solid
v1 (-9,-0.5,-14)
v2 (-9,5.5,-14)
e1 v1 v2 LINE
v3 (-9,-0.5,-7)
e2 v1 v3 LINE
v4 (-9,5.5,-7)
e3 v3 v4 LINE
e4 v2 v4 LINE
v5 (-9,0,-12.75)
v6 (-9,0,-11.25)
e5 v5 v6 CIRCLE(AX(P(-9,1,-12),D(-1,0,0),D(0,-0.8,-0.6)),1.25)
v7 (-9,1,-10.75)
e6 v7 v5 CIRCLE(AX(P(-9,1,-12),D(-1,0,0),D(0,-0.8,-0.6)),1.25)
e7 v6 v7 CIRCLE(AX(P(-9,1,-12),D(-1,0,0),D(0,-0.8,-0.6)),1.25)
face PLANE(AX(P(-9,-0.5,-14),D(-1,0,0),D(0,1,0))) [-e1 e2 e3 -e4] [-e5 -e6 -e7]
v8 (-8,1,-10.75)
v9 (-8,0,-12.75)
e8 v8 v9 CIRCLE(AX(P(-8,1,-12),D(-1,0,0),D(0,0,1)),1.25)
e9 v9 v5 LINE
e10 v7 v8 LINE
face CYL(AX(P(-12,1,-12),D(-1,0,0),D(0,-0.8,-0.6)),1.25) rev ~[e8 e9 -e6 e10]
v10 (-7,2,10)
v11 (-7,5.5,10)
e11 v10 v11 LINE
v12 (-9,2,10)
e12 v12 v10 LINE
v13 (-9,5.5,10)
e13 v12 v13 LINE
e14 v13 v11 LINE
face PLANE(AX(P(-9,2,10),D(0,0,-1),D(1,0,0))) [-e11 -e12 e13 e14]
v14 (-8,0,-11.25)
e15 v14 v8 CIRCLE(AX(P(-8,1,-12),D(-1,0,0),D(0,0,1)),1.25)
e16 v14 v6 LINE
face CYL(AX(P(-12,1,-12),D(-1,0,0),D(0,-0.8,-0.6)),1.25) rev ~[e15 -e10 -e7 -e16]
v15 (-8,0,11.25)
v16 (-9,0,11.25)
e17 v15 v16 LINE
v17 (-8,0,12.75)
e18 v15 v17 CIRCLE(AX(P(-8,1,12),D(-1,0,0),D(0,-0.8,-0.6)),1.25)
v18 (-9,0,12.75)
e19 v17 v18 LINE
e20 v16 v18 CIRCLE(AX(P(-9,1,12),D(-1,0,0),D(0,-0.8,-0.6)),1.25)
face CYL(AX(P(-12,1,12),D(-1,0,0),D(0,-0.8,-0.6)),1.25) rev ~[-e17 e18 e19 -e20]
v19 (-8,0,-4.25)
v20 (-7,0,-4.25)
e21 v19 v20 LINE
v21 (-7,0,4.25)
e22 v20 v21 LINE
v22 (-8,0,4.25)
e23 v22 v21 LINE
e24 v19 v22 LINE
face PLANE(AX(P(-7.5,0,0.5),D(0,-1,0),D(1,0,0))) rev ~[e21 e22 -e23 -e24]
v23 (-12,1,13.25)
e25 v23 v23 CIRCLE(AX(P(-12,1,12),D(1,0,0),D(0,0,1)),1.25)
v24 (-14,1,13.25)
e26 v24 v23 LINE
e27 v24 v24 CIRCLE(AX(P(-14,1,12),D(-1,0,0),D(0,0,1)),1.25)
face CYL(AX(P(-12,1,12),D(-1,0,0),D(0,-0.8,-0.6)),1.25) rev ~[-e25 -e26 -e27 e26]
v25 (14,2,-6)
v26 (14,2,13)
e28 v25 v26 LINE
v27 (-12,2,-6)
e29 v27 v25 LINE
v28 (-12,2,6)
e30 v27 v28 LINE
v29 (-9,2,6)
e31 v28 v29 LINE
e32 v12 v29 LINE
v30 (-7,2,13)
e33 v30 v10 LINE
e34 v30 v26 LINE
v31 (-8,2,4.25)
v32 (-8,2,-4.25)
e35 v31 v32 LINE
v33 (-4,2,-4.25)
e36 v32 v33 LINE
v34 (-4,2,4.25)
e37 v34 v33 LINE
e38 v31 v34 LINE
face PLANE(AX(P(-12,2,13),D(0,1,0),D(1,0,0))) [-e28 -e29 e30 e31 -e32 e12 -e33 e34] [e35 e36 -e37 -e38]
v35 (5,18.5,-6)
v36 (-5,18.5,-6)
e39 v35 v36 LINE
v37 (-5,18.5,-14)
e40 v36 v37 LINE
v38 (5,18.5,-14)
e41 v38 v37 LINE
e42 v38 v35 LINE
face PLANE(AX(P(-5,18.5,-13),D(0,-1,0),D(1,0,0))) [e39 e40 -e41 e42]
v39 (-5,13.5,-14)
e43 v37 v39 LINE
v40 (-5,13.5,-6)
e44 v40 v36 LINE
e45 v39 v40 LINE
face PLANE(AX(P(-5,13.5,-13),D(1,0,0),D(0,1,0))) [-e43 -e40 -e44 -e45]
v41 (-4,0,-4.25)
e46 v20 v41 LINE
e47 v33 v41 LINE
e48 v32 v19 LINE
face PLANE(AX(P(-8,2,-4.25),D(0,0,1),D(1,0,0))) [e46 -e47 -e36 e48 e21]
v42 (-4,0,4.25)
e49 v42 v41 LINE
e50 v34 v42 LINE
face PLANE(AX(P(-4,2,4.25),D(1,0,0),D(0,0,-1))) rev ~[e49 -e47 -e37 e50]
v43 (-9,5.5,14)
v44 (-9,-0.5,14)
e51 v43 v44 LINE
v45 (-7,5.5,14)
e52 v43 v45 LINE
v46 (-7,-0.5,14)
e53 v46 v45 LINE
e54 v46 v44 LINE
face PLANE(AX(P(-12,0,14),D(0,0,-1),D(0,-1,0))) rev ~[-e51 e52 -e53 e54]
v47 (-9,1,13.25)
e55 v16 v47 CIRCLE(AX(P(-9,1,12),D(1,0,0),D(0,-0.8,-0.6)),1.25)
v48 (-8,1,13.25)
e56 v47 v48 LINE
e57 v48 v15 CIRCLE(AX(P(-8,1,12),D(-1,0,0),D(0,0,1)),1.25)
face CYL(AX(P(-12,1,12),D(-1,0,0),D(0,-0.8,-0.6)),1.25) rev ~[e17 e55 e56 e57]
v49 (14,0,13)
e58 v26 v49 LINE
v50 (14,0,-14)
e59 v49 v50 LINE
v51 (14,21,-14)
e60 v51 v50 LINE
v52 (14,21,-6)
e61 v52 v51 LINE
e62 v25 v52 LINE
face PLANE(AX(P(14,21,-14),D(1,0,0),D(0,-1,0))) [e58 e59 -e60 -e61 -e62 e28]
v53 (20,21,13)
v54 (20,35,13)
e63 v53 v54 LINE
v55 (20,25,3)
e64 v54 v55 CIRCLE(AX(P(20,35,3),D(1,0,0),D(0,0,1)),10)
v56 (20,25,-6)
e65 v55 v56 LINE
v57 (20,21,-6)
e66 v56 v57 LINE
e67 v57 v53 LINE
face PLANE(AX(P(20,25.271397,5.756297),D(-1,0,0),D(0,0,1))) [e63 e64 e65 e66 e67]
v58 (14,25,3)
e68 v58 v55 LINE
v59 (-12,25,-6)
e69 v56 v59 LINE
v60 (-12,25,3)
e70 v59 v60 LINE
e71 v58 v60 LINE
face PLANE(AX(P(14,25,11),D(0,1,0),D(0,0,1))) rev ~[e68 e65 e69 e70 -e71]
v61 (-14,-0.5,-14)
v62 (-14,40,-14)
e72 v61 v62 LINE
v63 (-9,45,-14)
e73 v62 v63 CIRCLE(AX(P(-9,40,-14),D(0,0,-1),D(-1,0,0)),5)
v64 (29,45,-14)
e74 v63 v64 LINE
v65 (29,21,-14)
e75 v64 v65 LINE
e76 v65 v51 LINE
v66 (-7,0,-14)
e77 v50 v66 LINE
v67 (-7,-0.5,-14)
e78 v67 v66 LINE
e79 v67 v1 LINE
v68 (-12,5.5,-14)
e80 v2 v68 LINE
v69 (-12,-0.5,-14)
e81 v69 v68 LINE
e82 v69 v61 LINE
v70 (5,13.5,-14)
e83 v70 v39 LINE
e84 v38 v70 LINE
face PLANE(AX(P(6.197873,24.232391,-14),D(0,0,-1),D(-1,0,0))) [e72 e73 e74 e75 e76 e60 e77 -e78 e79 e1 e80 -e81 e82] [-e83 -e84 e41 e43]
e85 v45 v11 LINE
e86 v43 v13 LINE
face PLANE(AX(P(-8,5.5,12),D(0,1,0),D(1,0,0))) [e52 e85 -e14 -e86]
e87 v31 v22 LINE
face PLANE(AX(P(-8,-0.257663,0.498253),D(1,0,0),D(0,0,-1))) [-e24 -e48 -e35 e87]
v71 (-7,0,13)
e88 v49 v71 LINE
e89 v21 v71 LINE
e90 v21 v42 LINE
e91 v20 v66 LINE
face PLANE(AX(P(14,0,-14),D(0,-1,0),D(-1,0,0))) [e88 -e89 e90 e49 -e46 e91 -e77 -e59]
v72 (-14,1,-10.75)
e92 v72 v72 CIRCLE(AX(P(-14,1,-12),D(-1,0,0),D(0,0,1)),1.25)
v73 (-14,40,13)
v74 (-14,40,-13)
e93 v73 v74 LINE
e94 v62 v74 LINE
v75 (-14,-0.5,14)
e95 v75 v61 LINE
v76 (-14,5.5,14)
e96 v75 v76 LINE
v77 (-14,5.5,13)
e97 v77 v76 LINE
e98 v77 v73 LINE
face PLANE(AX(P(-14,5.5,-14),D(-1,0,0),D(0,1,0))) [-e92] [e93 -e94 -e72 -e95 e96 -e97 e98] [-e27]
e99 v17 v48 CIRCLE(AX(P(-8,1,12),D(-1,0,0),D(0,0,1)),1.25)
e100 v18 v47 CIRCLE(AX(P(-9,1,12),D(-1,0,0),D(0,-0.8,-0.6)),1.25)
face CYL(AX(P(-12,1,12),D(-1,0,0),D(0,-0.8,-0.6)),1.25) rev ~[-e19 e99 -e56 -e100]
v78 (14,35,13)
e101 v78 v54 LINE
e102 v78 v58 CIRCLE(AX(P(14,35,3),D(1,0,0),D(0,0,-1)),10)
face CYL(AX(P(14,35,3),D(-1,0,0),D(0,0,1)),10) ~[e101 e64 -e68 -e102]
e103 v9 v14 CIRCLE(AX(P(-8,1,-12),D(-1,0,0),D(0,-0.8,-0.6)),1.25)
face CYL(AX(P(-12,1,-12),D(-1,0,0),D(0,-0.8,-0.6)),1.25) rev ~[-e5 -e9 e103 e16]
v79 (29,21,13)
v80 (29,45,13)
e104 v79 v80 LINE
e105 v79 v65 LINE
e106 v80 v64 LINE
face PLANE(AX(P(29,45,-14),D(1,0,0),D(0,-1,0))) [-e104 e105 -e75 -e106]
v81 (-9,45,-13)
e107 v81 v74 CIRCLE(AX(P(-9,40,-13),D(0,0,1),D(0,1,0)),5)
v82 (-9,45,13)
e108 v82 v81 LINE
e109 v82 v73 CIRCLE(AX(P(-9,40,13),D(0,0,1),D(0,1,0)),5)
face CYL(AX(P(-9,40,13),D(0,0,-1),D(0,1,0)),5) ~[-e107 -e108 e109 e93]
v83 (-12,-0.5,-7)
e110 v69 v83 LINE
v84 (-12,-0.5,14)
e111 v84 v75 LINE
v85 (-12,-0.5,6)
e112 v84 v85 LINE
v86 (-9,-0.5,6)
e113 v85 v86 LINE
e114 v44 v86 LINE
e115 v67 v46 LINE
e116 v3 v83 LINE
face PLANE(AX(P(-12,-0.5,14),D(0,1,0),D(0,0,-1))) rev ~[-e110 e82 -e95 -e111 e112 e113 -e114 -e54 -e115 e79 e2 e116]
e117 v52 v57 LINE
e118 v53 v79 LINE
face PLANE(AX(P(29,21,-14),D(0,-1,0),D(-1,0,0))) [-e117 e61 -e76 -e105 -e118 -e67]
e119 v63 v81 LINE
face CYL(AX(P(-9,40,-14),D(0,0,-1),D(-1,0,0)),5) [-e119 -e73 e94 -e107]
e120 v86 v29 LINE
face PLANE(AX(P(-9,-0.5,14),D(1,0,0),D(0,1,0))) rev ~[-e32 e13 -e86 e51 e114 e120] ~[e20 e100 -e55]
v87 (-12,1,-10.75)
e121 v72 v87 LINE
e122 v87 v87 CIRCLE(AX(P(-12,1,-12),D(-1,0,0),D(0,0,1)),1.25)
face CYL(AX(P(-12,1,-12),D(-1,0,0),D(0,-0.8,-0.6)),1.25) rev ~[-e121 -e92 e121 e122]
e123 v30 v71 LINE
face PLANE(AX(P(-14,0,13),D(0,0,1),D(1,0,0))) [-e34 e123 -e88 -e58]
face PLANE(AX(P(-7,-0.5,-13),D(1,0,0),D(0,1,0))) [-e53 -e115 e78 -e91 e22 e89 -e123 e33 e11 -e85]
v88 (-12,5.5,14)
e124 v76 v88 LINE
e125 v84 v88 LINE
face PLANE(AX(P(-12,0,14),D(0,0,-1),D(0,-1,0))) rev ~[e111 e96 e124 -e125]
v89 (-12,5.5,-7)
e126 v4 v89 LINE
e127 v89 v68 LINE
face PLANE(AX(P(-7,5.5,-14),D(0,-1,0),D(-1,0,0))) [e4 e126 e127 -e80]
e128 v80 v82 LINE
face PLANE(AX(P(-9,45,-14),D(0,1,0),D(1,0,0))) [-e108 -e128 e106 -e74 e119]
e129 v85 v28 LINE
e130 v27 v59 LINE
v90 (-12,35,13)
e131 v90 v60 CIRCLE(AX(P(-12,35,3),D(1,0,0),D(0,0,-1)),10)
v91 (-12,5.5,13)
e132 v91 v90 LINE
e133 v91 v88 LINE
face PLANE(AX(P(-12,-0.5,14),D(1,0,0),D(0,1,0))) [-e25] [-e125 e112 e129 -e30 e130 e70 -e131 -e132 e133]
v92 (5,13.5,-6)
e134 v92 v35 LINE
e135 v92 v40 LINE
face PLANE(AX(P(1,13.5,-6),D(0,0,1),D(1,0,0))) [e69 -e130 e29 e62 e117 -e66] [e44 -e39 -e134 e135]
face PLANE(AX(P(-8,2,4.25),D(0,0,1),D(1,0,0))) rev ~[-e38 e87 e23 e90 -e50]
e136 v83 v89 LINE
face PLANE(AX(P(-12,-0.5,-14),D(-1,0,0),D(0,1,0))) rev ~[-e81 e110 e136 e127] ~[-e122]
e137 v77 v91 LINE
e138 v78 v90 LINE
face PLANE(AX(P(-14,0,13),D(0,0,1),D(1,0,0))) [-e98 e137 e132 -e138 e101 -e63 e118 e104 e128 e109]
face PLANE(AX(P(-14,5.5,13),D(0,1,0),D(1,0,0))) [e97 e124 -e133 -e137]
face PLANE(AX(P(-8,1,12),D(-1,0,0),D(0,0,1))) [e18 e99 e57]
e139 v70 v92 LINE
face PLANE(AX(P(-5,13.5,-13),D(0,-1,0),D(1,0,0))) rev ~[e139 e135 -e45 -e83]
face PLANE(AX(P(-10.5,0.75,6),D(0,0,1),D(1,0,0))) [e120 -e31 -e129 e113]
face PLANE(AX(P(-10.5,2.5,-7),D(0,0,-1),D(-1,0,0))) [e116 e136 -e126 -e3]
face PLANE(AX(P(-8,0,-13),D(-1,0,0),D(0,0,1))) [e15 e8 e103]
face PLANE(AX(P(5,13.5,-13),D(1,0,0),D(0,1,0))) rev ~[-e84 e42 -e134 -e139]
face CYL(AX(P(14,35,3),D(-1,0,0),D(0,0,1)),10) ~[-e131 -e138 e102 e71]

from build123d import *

# Parameters (mm, degrees)
SKETCH1_W            = 28
SKETCH1_H            = 22
BOSS_EXTRUDE1_DEPTH  = 32
SKETCH21_W           = 26
SKETCH21_H           = 23
CUT_EXTRUDE10_DEPTH  = 17
SKETCH22_W           = 4
SKETCH22_H           = 8.5
CUT_EXTRUDE11_DEPTH  = 35.885527085
SKETCH23_W           = 10
SKETCH23_H           = 5
CUT_EXTRUDE12_DEPTH  = 5
SKETCH24_W           = 26
SKETCH24_H           = 24
BOSS_EXTRUDE4_DEPTH  = 15
BOSS_EXTRUDE5_DEPTH  = 28
SKETCH26_W           = 28
SKETCH26_H           = 21
SKETCH26_W_2         = 10
SKETCH26_H_2         = 5
BOSS_EXTRUDE6_DEPTH  = 2
BOSS_EXTRUDE7_DEPTH  = 2
FILLET1_R            = 5
FILLET2_R            = 10
SKETCH31_W           = 2
SKETCH31_H           = 26
BOSS_EXTRUDE8_DEPTH  = 0.5
BOSS_EXTRUDE12_DEPTH = 1
SKETCH41_W           = 2
SKETCH41_H           = 4
BOSS_EXTRUDE15_DEPTH = 3.5
SKETCH44_W           = 7
SKETCH44_H           = 6
BOSS_EXTRUDE17_DEPTH = 1
SKETCH30_R           = 1.25
CUT_EXTRUDE13_DEPTH  = 6
BOSS_EXTRUDE9_DEPTH  = 4
SKETCH37_W           = 1
SKETCH37_H           = 27
BOSS_EXTRUDE13_DEPTH = 0.5
SKETCH38_W           = 3
SKETCH38_H           = 2.5
CUT_EXTRUDE15_DEPTH  = 8
CUT_EXTRUDE16_DEPTH  = 6
SKETCH45_W           = 3
SKETCH45_H           = 6
CUT_EXTRUDE18_DEPTH  = 7
BOSS_EXTRUDE18_START = 1
BOSS_EXTRUDE18_DEPTH = 1
SKETCH48_W           = 10
SKETCH48_H           = 5
CUT_EXTRUDE19_DEPTH  = 60.958318856


with BuildPart() as part:
    # Sketch1 → Boss-Extrude1 (new body)
    with BuildSketch(Plane(origin=(0, 0, 0), x_dir=(1, 0, 0), z_dir=(0, 1, 0))):
        Rectangle(SKETCH1_W, SKETCH1_H)
    extrude(amount=BOSS_EXTRUDE1_DEPTH)

    # Sketch21 → Cut-Extrude10 (cut)
    with BuildSketch(Plane.XY.offset(11)):
        with Locations((1, 13.5)):
            Rectangle(SKETCH21_W, SKETCH21_H)
    extrude(amount=-CUT_EXTRUDE10_DEPTH, mode=Mode.SUBTRACT)

    # Sketch22 → Cut-Extrude11 (cut, through all)
    with BuildSketch(Plane(origin=(0, 2, 0), x_dir=(1, 0, 0), z_dir=(0, 1, 0))):
        with Locations((-6, 0)):
            Rectangle(SKETCH22_W, SKETCH22_H)
    extrude(amount=-CUT_EXTRUDE11_DEPTH, mode=Mode.SUBTRACT)

    # Sketch23 → Cut-Extrude12 (cut)
    with BuildSketch(Plane(origin=(0, 0, -11), x_dir=(-1, 0, 0), z_dir=(0, 0, -1))):
        with Locations((0, 16)):
            Rectangle(SKETCH23_W, SKETCH23_H)
    extrude(amount=-CUT_EXTRUDE12_DEPTH, mode=Mode.SUBTRACT)

    # Sketch24 → Boss-Extrude4 (add)
    with BuildSketch(Plane(origin=(14, 0, 0), x_dir=(0, 0, -1), z_dir=(1, 0, 0))):
        with Locations((0, 33)):
            Rectangle(SKETCH24_W, SKETCH24_H)
    extrude(amount=BOSS_EXTRUDE4_DEPTH)

    # Sketch25 → Boss-Extrude5 (add)
    with BuildSketch(Plane.ZY.offset(-14)):
        Polygon((11, 32), (11, 25), (13, 25), (13, 45), (-13, 45), (-13, 21), (-11, 21), (-11, 32), align=None)
    extrude(amount=BOSS_EXTRUDE5_DEPTH)

    # Sketch26 → Boss-Extrude6 (add)
    with BuildSketch(Plane(origin=(0, 0, -11), x_dir=(-1, 0, 0), z_dir=(0, 0, -1))):
        with Locations((0, 10.5)):
            Rectangle(SKETCH26_W, SKETCH26_H)
        with Locations((0, 16)):
            Rectangle(SKETCH26_W_2, SKETCH26_H_2, mode=Mode.SUBTRACT)
    extrude(amount=BOSS_EXTRUDE6_DEPTH)

    # Sketch27 → Boss-Extrude7 (add)
    with BuildSketch(Plane.XY.offset(11)):
        Polygon((14, 0), (-14, 0), (-14, 2), (-14, 25), (-12, 25), (-12, 2), (14, 2), align=None)
    extrude(amount=BOSS_EXTRUDE7_DEPTH)

    # Fillet1
    fillet1_edges = [part.edges().sort_by_distance(p)[0] for p in [
        (-14, 45, 0),
    ]]
    fillet(fillet1_edges, radius=FILLET1_R)

    # Fillet2
    fillet2_edges = [part.edges().sort_by_distance(p)[0] for p in [
        (1, 25, 13),
    ]]
    fillet(fillet2_edges, radius=FILLET2_R)

    # Sketch31 → Boss-Extrude8 (add)
    with BuildSketch(Plane.XZ):
        with Locations((-13, 0)):
            Rectangle(SKETCH31_W, SKETCH31_H)
    extrude(amount=BOSS_EXTRUDE8_DEPTH)

    # Sketch36 → Boss-Extrude12 (add)
    with BuildSketch(Plane.XY.offset(13)):
        Polygon((-12, 2), (-7, 2), (-7, 0), (-12, 0), (-12, -0.5), (-14, -0.5), (-14, 5.5), (-12, 5.5), align=None)
    extrude(amount=BOSS_EXTRUDE12_DEPTH)

    # Sketch41 → Boss-Extrude15 (add)
    with BuildSketch(Plane(origin=(0, 2, 0), x_dir=(1, 0, 0), z_dir=(0, 1, 0))):
        with Locations((-8, -12)):
            Rectangle(SKETCH41_W, SKETCH41_H)
    extrude(amount=BOSS_EXTRUDE15_DEPTH)

    # Sketch44 → Boss-Extrude17 (add)
    with BuildSketch(Plane(origin=(0, 0, -13), x_dir=(-1, 0, 0), z_dir=(0, 0, -1))):
        with Locations((10.5, 2.5)):
            Rectangle(SKETCH44_W, SKETCH44_H)
    extrude(amount=BOSS_EXTRUDE17_DEPTH)

    # Sketch30 → Cut-Extrude13 (cut)
    with BuildSketch(Plane.ZY.offset(14)):
        with Locations((-12, 1)):
            Circle(SKETCH30_R)
        with Locations((12, 1)):
            Circle(SKETCH30_R)
    extrude(amount=-CUT_EXTRUDE13_DEPTH, mode=Mode.SUBTRACT)

    # Sketch32 → Boss-Extrude9 (add)
    with BuildSketch(Plane(origin=(-12, 0, 0), x_dir=(0, 0, -1), z_dir=(1, 0, 0))):
        with BuildLine():
            Line((13, 0), (12.75, 0))
            ThreePointArc((12.75, 0), (12, -0.25), (11.25, 0))
            Line((11.25, 0), (-11.25, 0))
            ThreePointArc((-11.25, 0), (-12, -0.25), (-12.75, 0))
            Line((-12.75, 0), (-14, 0))
            Line((-14, 0), (-14, -0.5))
            Line((-14, -0.5), (13, -0.5))
            Line((13, -0.5), (13, 0))
        make_face()
    extrude(amount=BOSS_EXTRUDE9_DEPTH)

    # Sketch37 → Boss-Extrude13 (add)
    with BuildSketch(Plane.XZ):
        with Locations((-7.5, 0.5)):
            Rectangle(SKETCH37_W, SKETCH37_H)
    extrude(amount=BOSS_EXTRUDE13_DEPTH)

    # Sketch38 → Cut-Extrude15 (cut)
    with BuildSketch(Plane.XY.offset(14)):
        with Locations((-10.5, 0.75)):
            Rectangle(SKETCH38_W, SKETCH38_H)
    extrude(amount=-CUT_EXTRUDE15_DEPTH, mode=Mode.SUBTRACT)

    # Sketch39 → Cut-Extrude16 (cut)
    with BuildSketch(Plane.ZY.offset(-14)):
        with BuildLine():
            Line((13, 21), (13, 35))
            ThreePointArc((13, 35), (10.071067812, 27.928932188), (3, 25))
            Line((3, 25), (-6, 25))
            Line((-6, 25), (-6, 21))
            Line((-6, 21), (13, 21))
        make_face()
    extrude(amount=-CUT_EXTRUDE16_DEPTH, mode=Mode.SUBTRACT)

    # Sketch45 → Cut-Extrude18 (cut)
    with BuildSketch(Plane(origin=(0, 0, -14), x_dir=(-1, 0, 0), z_dir=(0, 0, -1))):
        with Locations((10.5, 2.5)):
            Rectangle(SKETCH45_W, SKETCH45_H)
    extrude(amount=-CUT_EXTRUDE18_DEPTH, mode=Mode.SUBTRACT)

    # Sketch46 → Boss-Extrude18 (add)
    with BuildSketch(Plane(origin=(0, 0, -13), x_dir=(-1, 0, 0), z_dir=(0, 0, -1)).offset(BOSS_EXTRUDE18_START)):
        with BuildLine():
            Line((7, 0), (7, 5.5))
            Line((7, 5.5), (9, 5.5))
            Line((9, 5.5), (12, 5.5))
            Line((12, 5.5), (14, 5.5))
            Line((14, 5.5), (14, 40))
            ThreePointArc((14, 40), (12.535533906, 43.535533906), (9, 45))
            Line((9, 45), (-29, 45))
            Line((-29, 45), (-29, 21))
            Line((-29, 21), (-14, 21))
            Line((-14, 21), (-14, 0))
            Line((-14, 0), (7, 0))
        make_face()
    extrude(amount=-BOSS_EXTRUDE18_DEPTH)

    # Sketch48 → Cut-Extrude19 (cut, through all)
    with BuildSketch(Plane.XY.offset(-13)):
        with Locations((0, 16)):
            Rectangle(SKETCH48_W, SKETCH48_H)
    extrude(amount=-CUT_EXTRUDE19_DEPTH, mode=Mode.SUBTRACT)


solid = part.part
